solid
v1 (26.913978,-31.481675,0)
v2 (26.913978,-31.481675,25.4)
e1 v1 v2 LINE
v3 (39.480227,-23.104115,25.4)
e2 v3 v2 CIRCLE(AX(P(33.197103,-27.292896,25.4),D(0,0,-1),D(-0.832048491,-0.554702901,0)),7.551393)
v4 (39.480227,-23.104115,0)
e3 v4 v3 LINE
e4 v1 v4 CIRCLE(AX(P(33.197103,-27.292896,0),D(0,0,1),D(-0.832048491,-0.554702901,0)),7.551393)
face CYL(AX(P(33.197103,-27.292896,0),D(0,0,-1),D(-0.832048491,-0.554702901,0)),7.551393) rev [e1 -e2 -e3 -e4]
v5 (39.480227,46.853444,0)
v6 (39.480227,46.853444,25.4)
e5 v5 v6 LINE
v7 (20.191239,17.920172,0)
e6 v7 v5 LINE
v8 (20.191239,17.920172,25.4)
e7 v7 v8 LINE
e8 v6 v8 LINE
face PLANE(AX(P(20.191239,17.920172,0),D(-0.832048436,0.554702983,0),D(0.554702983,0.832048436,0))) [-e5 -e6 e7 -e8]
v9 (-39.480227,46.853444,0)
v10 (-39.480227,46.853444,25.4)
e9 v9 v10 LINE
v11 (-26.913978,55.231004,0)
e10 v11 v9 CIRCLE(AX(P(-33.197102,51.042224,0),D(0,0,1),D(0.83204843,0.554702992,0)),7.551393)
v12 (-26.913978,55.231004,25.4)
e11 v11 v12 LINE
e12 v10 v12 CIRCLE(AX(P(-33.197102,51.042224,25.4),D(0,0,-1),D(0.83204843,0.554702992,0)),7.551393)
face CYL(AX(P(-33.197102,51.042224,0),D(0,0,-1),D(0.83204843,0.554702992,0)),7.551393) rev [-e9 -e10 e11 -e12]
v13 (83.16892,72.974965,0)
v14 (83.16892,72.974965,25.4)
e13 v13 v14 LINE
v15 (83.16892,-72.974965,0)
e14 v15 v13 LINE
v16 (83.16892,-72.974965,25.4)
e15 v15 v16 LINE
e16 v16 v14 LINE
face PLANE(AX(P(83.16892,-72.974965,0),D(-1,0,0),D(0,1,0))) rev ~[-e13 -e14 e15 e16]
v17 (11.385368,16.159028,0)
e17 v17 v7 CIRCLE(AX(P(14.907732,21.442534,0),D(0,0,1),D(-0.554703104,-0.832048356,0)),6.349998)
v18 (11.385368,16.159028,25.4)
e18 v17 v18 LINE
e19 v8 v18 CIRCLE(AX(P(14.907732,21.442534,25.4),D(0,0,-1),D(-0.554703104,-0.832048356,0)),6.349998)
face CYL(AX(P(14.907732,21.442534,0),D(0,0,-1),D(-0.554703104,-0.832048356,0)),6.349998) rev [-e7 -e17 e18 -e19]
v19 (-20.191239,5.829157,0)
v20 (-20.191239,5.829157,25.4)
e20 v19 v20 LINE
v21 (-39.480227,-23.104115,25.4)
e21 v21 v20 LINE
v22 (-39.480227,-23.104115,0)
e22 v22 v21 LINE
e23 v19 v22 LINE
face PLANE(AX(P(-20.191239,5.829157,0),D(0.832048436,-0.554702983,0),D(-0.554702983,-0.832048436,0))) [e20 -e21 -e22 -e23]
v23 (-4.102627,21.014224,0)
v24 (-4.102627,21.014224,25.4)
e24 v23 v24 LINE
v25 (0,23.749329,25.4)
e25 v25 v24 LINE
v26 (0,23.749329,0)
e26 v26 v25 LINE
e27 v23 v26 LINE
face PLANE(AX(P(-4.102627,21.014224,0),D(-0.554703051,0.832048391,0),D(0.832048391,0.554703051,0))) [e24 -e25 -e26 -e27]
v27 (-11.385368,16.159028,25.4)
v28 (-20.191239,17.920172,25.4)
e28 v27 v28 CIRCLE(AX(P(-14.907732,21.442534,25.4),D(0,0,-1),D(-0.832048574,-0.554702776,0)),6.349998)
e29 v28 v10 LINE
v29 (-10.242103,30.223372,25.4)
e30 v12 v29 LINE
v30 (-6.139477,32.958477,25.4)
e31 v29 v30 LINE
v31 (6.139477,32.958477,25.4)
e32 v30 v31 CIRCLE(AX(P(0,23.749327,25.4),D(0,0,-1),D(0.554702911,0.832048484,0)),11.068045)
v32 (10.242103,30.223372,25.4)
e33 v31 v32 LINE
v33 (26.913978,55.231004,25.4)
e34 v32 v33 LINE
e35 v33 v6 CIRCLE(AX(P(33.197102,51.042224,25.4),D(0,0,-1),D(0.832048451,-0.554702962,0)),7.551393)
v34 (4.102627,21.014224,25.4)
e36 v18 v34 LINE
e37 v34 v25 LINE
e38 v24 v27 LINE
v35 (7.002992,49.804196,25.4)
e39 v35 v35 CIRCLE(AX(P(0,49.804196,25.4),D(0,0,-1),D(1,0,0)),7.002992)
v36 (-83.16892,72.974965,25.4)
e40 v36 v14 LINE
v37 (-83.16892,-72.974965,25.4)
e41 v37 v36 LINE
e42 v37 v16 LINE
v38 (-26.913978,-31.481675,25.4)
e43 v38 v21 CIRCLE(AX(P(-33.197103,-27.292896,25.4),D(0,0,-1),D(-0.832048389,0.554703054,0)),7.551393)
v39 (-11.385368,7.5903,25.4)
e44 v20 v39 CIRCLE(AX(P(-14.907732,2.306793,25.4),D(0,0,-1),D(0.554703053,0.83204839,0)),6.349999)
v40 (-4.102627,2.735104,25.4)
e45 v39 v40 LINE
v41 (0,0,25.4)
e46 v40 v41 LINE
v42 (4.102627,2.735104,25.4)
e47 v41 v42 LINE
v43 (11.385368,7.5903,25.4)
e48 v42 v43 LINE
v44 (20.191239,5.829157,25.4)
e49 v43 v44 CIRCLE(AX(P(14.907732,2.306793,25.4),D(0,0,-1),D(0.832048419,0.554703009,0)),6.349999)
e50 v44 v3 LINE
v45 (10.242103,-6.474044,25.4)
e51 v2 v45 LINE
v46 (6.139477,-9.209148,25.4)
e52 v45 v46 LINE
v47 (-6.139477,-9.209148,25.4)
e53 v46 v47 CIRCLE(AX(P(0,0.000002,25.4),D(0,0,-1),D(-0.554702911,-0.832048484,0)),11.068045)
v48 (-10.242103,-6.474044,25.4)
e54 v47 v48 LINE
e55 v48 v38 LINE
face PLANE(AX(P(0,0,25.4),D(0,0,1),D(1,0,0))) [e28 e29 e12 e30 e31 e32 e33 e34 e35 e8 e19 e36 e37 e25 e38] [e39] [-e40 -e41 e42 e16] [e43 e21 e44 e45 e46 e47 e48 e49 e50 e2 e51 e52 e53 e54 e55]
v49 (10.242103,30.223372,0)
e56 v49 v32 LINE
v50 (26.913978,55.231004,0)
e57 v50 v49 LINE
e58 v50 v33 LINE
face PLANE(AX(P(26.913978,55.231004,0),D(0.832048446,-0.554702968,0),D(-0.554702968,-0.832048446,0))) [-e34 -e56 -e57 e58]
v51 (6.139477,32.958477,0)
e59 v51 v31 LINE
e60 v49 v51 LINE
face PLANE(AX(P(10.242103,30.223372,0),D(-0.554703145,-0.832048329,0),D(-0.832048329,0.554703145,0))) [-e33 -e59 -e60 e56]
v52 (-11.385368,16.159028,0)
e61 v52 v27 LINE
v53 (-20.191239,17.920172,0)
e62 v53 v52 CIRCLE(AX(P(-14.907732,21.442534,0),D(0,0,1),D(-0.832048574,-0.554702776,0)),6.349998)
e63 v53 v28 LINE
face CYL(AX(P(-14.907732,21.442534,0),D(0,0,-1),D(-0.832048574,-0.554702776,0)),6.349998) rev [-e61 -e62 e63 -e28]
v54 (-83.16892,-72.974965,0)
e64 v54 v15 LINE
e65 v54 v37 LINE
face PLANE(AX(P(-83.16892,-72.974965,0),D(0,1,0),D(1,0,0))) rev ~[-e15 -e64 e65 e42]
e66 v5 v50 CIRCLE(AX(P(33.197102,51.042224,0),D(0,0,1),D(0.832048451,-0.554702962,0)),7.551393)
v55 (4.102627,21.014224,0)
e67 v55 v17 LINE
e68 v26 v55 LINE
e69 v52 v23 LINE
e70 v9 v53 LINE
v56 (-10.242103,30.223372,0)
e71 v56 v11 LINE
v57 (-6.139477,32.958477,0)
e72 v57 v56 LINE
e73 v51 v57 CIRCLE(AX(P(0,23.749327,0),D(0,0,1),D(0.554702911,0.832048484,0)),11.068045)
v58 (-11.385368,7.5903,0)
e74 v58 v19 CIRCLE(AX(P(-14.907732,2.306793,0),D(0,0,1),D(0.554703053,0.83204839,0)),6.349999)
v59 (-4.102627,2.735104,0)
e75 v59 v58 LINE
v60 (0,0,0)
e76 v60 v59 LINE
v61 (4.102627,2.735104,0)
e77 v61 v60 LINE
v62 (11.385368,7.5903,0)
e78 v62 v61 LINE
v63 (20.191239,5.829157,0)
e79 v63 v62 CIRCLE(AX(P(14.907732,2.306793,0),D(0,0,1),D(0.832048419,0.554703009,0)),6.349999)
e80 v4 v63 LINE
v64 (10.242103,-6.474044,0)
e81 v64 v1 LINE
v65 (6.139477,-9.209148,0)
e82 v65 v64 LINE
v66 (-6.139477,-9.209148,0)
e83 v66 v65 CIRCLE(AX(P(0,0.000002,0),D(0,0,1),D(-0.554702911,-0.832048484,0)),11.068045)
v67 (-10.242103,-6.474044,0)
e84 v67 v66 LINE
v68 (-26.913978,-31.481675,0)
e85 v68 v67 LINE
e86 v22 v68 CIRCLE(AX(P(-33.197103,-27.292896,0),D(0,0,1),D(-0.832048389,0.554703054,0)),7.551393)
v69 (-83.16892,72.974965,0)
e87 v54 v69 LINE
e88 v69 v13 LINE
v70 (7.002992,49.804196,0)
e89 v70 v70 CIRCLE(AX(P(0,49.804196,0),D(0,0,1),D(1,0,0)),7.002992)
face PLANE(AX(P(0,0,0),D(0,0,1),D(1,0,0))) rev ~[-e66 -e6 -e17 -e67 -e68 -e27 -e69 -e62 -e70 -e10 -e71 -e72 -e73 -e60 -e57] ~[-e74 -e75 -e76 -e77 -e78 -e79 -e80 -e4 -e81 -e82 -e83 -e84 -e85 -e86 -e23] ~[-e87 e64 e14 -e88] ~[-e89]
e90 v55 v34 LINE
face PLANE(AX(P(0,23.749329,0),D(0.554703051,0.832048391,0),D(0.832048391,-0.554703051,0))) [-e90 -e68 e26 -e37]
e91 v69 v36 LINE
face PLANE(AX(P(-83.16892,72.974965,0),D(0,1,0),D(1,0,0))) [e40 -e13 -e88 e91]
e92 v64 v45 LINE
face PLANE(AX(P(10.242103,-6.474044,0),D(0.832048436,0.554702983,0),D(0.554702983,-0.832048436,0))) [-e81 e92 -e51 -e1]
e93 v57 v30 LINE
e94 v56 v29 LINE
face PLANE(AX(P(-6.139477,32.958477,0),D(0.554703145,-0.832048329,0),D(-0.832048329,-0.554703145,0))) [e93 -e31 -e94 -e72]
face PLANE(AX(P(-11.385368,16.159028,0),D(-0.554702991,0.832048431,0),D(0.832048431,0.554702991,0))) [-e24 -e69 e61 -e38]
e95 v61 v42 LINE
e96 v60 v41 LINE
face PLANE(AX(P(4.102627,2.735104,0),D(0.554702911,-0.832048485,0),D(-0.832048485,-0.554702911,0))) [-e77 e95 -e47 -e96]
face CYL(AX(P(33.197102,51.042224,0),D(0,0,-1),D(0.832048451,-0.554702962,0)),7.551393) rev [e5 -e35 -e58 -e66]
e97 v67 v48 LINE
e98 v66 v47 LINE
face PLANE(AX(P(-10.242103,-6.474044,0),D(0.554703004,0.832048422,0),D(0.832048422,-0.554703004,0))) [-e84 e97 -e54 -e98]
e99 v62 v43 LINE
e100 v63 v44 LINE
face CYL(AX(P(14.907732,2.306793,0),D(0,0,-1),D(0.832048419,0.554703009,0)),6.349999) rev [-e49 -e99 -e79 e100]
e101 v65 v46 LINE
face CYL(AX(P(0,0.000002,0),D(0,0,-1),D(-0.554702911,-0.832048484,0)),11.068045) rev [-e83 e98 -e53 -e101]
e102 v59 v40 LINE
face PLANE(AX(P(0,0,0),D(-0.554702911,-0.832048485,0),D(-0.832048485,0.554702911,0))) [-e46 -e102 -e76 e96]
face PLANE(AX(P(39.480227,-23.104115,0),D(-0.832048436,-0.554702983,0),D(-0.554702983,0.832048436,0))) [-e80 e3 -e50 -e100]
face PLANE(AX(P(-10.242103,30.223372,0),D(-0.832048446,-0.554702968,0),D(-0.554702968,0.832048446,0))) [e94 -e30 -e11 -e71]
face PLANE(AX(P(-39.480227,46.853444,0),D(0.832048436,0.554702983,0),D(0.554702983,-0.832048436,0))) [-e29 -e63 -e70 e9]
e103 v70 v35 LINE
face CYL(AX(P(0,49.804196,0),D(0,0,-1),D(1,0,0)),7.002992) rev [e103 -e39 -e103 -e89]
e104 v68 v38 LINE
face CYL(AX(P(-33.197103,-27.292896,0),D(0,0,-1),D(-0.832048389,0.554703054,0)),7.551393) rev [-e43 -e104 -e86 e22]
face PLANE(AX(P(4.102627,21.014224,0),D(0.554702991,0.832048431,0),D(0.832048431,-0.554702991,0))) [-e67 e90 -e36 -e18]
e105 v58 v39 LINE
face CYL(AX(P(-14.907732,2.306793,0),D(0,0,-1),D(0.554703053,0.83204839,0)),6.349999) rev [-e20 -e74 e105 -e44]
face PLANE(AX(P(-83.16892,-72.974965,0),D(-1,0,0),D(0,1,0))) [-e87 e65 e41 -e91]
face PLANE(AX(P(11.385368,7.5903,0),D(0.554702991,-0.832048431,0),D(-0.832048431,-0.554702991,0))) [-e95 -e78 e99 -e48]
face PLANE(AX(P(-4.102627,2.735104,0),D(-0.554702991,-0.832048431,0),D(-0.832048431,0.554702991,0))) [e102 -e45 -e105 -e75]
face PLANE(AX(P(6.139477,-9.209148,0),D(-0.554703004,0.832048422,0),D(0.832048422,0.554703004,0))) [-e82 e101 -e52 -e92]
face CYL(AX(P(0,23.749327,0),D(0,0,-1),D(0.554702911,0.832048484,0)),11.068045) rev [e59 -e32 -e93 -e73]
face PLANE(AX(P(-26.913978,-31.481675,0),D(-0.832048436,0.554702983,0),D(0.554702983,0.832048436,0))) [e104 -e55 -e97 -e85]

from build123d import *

# Parameters (mm, degrees)
F0_W     = 166.33784
F0_H     = 145.94993
F1_DEPTH = 25.4
F2_R     = 7.002992
F3_DEPTH = 87.884


with BuildPart() as f1:
    # F0 (on Top) → F1 (new body)
    with BuildSketch(Plane.XY):
        Rectangle(F0_W, F0_H)
    extrude(amount=F1_DEPTH)

    # F2 (on Top) → F3 (cut)
    with BuildSketch(Plane.XY):
        with BuildLine():
            Line((-10.242103, -6.474044), (-4.102627, 2.735104))
            Line((-4.102627, 2.735104), (-11.385368, 7.5903))
            ThreePointArc((-11.385368, 7.5903), (-16.153049, 8.533484), (-20.191239, 5.829157))
            Line((-20.191239, 5.829157), (-39.480227, -23.104115))
            Line((-39.480227, -23.104115), (-26.913978, -31.481675))
            Line((-26.913978, -31.481675), (-10.242103, -6.474044))
        make_face()
        Polygon((0, 0), (-4.102627, 2.735104), (-10.242103, -6.474044), (-6.139477, -9.209148), align=None)
        with BuildLine():
            Line((6.139477, -9.209148), (0, 0))
            Line((0, 0), (-6.139477, -9.209148))
            ThreePointArc((-6.139477, -9.209148), (0, -11.068043), (6.139477, -9.209148))
        make_face()
        Polygon((4.102627, 2.735104), (0, 0), (6.139477, -9.209148), (10.242103, -6.474044), align=None)
        with BuildLine():
            ThreePointArc((-39.480227, -23.104115), (-37.385883, -33.57602), (-26.913978, -31.481675))
            Line((-26.913978, -31.481675), (-39.480227, -23.104115))
        make_face()
        with BuildLine():
            Line((11.385368, 7.5903), (4.102627, 2.735104))
            Line((4.102627, 2.735104), (10.242103, -6.474044))
            Line((10.242103, -6.474044), (26.913978, -31.481675))
            Line((26.913978, -31.481675), (39.480227, -23.104115))
            Line((39.480227, -23.104115), (20.191239, 5.829157))
            ThreePointArc((20.191239, 5.829157), (16.153049, 8.533484), (11.385368, 7.5903))
        make_face()
        with BuildLine():
            Line((39.480227, -23.104115), (26.913978, -31.481675))
            ThreePointArc((26.913978, -31.481675), (37.385883, -33.57602), (39.480227, -23.104115))
        make_face()
        with Locations((0, 49.804196)):
            Circle(F2_R)
        with BuildLine():
            ThreePointArc((6.139477, 32.958477), (0, 34.817372), (-6.139477, 32.958477))
            Line((-6.139477, 32.958477), (0, 23.749329))
            Line((0, 23.749329), (6.139477, 32.958477))
        make_face()
        Polygon((0, 23.749329), (-6.139477, 32.958477), (-10.242103, 30.223372), (-4.102627, 21.014224), align=None)
        Polygon((6.139477, 32.958477), (0, 23.749329), (4.102627, 21.014224), (10.242103, 30.223372), align=None)
        with BuildLine():
            Line((-4.102627, 21.014224), (-10.242103, 30.223372))
            Line((-10.242103, 30.223372), (-26.913978, 55.231004))
            Line((-26.913978, 55.231004), (-39.480227, 46.853444))
            Line((-39.480227, 46.853444), (-20.191239, 17.920172))
            ThreePointArc((-20.191239, 17.920172), (-16.153049, 15.215844), (-11.385368, 16.159028))
            Line((-11.385368, 16.159028), (-4.102627, 21.014224))
        make_face()
        with BuildLine():
            Line((10.242103, 30.223372), (4.102627, 21.014224))
            Line((4.102627, 21.014224), (11.385368, 16.159028))
            ThreePointArc((11.385368, 16.159028), (16.153049, 15.215844), (20.191239, 17.920172))
            Line((20.191239, 17.920172), (39.480227, 46.853444))
            Line((39.480227, 46.853444), (26.913978, 55.231004))
            Line((26.913978, 55.231004), (10.242103, 30.223372))
        make_face()
        with BuildLine():
            Line((-39.480227, 46.853444), (-26.913978, 55.231004))
            ThreePointArc((-26.913978, 55.231004), (-37.385883, 57.325348), (-39.480227, 46.853444))
        make_face()
        with BuildLine():
            ThreePointArc((39.480227, 46.853444), (37.385883, 57.325348), (26.913978, 55.231004))
            Line((26.913978, 55.231004), (39.480227, 46.853444))
        make_face()
    extrude(amount=F3_DEPTH, mode=Mode.SUBTRACT)


solid = f1.part
